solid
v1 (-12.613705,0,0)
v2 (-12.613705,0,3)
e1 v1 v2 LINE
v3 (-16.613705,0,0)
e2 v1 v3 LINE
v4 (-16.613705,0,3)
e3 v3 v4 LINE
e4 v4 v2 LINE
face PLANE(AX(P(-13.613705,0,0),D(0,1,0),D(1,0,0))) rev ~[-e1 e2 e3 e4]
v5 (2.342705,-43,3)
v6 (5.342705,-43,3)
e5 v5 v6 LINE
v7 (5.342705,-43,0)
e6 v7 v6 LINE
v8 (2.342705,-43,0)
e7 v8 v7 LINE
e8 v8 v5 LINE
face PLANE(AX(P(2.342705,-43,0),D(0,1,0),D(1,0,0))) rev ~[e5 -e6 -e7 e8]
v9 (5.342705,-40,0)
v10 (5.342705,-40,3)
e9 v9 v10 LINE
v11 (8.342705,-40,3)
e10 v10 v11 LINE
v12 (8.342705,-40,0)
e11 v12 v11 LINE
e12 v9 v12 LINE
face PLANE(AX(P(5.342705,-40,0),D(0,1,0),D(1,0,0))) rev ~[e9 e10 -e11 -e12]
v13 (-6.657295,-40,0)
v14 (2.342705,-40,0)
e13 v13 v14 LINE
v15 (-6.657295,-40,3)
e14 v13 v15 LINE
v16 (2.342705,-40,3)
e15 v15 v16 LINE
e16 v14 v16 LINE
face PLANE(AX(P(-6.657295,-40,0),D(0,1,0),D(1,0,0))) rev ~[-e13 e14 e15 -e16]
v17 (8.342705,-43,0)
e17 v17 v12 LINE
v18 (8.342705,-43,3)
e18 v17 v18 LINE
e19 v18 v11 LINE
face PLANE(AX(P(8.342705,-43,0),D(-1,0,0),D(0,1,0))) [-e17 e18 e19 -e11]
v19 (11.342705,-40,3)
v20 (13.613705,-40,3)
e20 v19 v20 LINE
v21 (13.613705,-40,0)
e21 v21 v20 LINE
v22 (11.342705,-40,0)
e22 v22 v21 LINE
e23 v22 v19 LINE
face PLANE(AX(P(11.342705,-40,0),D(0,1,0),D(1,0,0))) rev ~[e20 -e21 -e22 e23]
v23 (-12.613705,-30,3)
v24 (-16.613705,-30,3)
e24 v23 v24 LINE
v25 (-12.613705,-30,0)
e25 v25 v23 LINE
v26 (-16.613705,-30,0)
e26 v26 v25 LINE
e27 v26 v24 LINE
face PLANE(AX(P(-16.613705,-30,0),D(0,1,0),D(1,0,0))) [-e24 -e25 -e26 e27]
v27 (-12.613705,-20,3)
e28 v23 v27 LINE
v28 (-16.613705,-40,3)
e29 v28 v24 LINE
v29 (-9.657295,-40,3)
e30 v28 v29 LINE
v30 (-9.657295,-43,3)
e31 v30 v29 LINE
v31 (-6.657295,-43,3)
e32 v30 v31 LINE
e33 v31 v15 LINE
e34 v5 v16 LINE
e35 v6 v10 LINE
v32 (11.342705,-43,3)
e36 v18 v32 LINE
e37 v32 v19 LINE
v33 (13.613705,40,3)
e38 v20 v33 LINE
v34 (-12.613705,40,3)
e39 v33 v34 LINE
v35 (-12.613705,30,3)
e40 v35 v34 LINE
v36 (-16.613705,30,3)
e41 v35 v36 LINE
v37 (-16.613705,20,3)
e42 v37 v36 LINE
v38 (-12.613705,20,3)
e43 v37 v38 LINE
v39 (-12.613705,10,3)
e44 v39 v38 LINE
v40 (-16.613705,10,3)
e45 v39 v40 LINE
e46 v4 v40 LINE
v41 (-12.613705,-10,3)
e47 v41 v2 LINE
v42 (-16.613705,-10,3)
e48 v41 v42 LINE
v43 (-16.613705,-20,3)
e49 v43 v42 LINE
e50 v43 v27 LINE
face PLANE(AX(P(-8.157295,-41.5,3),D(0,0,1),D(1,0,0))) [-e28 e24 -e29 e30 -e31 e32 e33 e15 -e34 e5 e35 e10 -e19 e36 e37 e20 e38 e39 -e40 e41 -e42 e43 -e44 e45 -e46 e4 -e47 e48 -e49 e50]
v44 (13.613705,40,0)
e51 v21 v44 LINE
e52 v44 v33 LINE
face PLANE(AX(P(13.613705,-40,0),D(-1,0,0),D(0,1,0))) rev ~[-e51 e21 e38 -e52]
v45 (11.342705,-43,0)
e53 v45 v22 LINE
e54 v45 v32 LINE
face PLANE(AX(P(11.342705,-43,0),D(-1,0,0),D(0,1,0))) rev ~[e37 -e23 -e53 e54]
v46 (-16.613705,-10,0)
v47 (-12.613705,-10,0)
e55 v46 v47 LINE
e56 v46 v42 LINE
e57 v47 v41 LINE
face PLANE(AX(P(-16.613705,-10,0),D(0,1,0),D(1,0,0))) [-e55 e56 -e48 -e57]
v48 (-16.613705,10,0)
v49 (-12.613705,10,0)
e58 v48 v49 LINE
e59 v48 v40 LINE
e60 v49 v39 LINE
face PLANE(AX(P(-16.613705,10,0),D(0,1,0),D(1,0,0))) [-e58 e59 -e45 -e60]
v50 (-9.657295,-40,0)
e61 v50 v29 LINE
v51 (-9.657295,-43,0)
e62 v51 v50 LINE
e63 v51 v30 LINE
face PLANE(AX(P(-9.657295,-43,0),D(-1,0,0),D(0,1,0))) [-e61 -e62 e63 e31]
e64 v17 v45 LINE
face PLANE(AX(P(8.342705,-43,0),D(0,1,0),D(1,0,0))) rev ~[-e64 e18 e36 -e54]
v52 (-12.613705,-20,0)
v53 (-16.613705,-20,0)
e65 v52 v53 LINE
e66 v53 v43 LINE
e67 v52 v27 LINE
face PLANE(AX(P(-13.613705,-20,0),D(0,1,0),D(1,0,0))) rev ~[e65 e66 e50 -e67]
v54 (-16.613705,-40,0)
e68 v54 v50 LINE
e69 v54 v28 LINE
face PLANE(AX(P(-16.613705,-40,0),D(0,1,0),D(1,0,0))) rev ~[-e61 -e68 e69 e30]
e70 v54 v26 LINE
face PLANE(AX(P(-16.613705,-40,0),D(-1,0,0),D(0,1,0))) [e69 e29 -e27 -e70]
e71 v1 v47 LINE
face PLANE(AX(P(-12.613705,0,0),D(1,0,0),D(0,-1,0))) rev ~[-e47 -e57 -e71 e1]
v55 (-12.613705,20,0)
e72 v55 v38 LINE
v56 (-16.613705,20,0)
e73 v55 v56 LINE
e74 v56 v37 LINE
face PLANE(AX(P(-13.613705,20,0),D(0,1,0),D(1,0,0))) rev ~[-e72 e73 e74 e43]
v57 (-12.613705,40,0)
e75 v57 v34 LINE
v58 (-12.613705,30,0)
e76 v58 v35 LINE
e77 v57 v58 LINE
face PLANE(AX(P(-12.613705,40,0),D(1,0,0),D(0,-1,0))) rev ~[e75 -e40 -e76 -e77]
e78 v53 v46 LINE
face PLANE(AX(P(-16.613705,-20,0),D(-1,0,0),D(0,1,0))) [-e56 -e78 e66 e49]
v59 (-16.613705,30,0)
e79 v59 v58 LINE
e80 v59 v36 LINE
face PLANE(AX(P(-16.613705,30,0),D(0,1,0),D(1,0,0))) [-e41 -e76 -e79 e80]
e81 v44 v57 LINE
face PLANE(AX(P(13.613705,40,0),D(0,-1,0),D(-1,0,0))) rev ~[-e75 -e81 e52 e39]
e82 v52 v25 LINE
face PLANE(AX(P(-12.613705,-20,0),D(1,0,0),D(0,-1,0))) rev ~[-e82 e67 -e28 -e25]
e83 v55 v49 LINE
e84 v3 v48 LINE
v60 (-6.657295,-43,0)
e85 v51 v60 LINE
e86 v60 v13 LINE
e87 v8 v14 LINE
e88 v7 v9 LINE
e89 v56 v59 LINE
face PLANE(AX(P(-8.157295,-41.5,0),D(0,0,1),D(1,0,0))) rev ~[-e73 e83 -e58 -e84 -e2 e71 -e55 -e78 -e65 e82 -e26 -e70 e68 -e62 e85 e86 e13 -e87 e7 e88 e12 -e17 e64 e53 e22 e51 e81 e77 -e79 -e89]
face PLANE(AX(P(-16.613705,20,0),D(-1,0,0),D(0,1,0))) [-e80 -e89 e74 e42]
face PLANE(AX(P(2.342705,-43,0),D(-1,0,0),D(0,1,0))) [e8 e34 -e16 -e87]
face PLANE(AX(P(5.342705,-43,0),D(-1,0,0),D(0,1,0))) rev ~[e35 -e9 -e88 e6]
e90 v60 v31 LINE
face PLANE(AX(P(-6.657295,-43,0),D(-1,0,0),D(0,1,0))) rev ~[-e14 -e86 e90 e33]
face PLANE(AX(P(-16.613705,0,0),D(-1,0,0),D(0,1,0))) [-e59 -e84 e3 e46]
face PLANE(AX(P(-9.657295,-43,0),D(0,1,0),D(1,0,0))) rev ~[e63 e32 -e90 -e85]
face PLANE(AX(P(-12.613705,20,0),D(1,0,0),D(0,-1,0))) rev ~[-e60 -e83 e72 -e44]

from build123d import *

# Parameters (mm, degrees)
F0_W     = 3
F0_H     = 3
F0_H_2   = 10
F1_DEPTH = 3
F2_W     = 1
F2_H     = 10
F3_DEPTH = 25


with BuildPart() as f1:
    # F0 (on Top) → F1 (new body)
    with BuildSketch(Plane.XY):
        with Locations((-8.157295, -41.5)):
            Rectangle(F0_W, F0_H)
        with Locations((3.842705, -41.5)):
            Rectangle(F0_W, F0_H)
        with Locations((9.842705, -41.5)):
            Rectangle(F0_W, F0_H)
        with Locations((-15.113705, -35)):
            Rectangle(F0_W, F0_H_2)
        with Locations((-15.113705, 25)):
            Rectangle(F0_W, F0_H_2)
        with Locations((-15.113705, 5)):
            Rectangle(F0_W, F0_H_2)
        with Locations((-15.113705, -15)):
            Rectangle(F0_W, F0_H_2)
        Polygon((13.613705, 40), (-13.613705, 40), (-13.613705, 30), (-13.613705, 20), (-13.613705, 10), (-13.613705, 0), (-13.613705, -10), (-13.613705, -20), (-13.613705, -30), (-13.613705, -40), (-9.657295, -40), (-6.657295, -40), (2.342705, -40), (5.342705, -40), (8.342705, -40), (11.342705, -40), (13.613705, -40), align=None)
    extrude(amount=F1_DEPTH)

    # F2 (on face) → F3 (cut)
    with BuildSketch(Plane(origin=(0, 0, 0), x_dir=(1, 0, 0), z_dir=(0, 0, -1))):
        with Locations((-13.113705, -35)):
            Rectangle(F2_W, F2_H)
        with Locations((-13.113705, -15)):
            Rectangle(F2_W, F2_H)
        with Locations((-13.113705, 5)):
            Rectangle(F2_W, F2_H)
        with Locations((-13.113705, 25)):
            Rectangle(F2_W, F2_H)
    extrude(amount=-F3_DEPTH, mode=Mode.SUBTRACT)


solid = f1.part
